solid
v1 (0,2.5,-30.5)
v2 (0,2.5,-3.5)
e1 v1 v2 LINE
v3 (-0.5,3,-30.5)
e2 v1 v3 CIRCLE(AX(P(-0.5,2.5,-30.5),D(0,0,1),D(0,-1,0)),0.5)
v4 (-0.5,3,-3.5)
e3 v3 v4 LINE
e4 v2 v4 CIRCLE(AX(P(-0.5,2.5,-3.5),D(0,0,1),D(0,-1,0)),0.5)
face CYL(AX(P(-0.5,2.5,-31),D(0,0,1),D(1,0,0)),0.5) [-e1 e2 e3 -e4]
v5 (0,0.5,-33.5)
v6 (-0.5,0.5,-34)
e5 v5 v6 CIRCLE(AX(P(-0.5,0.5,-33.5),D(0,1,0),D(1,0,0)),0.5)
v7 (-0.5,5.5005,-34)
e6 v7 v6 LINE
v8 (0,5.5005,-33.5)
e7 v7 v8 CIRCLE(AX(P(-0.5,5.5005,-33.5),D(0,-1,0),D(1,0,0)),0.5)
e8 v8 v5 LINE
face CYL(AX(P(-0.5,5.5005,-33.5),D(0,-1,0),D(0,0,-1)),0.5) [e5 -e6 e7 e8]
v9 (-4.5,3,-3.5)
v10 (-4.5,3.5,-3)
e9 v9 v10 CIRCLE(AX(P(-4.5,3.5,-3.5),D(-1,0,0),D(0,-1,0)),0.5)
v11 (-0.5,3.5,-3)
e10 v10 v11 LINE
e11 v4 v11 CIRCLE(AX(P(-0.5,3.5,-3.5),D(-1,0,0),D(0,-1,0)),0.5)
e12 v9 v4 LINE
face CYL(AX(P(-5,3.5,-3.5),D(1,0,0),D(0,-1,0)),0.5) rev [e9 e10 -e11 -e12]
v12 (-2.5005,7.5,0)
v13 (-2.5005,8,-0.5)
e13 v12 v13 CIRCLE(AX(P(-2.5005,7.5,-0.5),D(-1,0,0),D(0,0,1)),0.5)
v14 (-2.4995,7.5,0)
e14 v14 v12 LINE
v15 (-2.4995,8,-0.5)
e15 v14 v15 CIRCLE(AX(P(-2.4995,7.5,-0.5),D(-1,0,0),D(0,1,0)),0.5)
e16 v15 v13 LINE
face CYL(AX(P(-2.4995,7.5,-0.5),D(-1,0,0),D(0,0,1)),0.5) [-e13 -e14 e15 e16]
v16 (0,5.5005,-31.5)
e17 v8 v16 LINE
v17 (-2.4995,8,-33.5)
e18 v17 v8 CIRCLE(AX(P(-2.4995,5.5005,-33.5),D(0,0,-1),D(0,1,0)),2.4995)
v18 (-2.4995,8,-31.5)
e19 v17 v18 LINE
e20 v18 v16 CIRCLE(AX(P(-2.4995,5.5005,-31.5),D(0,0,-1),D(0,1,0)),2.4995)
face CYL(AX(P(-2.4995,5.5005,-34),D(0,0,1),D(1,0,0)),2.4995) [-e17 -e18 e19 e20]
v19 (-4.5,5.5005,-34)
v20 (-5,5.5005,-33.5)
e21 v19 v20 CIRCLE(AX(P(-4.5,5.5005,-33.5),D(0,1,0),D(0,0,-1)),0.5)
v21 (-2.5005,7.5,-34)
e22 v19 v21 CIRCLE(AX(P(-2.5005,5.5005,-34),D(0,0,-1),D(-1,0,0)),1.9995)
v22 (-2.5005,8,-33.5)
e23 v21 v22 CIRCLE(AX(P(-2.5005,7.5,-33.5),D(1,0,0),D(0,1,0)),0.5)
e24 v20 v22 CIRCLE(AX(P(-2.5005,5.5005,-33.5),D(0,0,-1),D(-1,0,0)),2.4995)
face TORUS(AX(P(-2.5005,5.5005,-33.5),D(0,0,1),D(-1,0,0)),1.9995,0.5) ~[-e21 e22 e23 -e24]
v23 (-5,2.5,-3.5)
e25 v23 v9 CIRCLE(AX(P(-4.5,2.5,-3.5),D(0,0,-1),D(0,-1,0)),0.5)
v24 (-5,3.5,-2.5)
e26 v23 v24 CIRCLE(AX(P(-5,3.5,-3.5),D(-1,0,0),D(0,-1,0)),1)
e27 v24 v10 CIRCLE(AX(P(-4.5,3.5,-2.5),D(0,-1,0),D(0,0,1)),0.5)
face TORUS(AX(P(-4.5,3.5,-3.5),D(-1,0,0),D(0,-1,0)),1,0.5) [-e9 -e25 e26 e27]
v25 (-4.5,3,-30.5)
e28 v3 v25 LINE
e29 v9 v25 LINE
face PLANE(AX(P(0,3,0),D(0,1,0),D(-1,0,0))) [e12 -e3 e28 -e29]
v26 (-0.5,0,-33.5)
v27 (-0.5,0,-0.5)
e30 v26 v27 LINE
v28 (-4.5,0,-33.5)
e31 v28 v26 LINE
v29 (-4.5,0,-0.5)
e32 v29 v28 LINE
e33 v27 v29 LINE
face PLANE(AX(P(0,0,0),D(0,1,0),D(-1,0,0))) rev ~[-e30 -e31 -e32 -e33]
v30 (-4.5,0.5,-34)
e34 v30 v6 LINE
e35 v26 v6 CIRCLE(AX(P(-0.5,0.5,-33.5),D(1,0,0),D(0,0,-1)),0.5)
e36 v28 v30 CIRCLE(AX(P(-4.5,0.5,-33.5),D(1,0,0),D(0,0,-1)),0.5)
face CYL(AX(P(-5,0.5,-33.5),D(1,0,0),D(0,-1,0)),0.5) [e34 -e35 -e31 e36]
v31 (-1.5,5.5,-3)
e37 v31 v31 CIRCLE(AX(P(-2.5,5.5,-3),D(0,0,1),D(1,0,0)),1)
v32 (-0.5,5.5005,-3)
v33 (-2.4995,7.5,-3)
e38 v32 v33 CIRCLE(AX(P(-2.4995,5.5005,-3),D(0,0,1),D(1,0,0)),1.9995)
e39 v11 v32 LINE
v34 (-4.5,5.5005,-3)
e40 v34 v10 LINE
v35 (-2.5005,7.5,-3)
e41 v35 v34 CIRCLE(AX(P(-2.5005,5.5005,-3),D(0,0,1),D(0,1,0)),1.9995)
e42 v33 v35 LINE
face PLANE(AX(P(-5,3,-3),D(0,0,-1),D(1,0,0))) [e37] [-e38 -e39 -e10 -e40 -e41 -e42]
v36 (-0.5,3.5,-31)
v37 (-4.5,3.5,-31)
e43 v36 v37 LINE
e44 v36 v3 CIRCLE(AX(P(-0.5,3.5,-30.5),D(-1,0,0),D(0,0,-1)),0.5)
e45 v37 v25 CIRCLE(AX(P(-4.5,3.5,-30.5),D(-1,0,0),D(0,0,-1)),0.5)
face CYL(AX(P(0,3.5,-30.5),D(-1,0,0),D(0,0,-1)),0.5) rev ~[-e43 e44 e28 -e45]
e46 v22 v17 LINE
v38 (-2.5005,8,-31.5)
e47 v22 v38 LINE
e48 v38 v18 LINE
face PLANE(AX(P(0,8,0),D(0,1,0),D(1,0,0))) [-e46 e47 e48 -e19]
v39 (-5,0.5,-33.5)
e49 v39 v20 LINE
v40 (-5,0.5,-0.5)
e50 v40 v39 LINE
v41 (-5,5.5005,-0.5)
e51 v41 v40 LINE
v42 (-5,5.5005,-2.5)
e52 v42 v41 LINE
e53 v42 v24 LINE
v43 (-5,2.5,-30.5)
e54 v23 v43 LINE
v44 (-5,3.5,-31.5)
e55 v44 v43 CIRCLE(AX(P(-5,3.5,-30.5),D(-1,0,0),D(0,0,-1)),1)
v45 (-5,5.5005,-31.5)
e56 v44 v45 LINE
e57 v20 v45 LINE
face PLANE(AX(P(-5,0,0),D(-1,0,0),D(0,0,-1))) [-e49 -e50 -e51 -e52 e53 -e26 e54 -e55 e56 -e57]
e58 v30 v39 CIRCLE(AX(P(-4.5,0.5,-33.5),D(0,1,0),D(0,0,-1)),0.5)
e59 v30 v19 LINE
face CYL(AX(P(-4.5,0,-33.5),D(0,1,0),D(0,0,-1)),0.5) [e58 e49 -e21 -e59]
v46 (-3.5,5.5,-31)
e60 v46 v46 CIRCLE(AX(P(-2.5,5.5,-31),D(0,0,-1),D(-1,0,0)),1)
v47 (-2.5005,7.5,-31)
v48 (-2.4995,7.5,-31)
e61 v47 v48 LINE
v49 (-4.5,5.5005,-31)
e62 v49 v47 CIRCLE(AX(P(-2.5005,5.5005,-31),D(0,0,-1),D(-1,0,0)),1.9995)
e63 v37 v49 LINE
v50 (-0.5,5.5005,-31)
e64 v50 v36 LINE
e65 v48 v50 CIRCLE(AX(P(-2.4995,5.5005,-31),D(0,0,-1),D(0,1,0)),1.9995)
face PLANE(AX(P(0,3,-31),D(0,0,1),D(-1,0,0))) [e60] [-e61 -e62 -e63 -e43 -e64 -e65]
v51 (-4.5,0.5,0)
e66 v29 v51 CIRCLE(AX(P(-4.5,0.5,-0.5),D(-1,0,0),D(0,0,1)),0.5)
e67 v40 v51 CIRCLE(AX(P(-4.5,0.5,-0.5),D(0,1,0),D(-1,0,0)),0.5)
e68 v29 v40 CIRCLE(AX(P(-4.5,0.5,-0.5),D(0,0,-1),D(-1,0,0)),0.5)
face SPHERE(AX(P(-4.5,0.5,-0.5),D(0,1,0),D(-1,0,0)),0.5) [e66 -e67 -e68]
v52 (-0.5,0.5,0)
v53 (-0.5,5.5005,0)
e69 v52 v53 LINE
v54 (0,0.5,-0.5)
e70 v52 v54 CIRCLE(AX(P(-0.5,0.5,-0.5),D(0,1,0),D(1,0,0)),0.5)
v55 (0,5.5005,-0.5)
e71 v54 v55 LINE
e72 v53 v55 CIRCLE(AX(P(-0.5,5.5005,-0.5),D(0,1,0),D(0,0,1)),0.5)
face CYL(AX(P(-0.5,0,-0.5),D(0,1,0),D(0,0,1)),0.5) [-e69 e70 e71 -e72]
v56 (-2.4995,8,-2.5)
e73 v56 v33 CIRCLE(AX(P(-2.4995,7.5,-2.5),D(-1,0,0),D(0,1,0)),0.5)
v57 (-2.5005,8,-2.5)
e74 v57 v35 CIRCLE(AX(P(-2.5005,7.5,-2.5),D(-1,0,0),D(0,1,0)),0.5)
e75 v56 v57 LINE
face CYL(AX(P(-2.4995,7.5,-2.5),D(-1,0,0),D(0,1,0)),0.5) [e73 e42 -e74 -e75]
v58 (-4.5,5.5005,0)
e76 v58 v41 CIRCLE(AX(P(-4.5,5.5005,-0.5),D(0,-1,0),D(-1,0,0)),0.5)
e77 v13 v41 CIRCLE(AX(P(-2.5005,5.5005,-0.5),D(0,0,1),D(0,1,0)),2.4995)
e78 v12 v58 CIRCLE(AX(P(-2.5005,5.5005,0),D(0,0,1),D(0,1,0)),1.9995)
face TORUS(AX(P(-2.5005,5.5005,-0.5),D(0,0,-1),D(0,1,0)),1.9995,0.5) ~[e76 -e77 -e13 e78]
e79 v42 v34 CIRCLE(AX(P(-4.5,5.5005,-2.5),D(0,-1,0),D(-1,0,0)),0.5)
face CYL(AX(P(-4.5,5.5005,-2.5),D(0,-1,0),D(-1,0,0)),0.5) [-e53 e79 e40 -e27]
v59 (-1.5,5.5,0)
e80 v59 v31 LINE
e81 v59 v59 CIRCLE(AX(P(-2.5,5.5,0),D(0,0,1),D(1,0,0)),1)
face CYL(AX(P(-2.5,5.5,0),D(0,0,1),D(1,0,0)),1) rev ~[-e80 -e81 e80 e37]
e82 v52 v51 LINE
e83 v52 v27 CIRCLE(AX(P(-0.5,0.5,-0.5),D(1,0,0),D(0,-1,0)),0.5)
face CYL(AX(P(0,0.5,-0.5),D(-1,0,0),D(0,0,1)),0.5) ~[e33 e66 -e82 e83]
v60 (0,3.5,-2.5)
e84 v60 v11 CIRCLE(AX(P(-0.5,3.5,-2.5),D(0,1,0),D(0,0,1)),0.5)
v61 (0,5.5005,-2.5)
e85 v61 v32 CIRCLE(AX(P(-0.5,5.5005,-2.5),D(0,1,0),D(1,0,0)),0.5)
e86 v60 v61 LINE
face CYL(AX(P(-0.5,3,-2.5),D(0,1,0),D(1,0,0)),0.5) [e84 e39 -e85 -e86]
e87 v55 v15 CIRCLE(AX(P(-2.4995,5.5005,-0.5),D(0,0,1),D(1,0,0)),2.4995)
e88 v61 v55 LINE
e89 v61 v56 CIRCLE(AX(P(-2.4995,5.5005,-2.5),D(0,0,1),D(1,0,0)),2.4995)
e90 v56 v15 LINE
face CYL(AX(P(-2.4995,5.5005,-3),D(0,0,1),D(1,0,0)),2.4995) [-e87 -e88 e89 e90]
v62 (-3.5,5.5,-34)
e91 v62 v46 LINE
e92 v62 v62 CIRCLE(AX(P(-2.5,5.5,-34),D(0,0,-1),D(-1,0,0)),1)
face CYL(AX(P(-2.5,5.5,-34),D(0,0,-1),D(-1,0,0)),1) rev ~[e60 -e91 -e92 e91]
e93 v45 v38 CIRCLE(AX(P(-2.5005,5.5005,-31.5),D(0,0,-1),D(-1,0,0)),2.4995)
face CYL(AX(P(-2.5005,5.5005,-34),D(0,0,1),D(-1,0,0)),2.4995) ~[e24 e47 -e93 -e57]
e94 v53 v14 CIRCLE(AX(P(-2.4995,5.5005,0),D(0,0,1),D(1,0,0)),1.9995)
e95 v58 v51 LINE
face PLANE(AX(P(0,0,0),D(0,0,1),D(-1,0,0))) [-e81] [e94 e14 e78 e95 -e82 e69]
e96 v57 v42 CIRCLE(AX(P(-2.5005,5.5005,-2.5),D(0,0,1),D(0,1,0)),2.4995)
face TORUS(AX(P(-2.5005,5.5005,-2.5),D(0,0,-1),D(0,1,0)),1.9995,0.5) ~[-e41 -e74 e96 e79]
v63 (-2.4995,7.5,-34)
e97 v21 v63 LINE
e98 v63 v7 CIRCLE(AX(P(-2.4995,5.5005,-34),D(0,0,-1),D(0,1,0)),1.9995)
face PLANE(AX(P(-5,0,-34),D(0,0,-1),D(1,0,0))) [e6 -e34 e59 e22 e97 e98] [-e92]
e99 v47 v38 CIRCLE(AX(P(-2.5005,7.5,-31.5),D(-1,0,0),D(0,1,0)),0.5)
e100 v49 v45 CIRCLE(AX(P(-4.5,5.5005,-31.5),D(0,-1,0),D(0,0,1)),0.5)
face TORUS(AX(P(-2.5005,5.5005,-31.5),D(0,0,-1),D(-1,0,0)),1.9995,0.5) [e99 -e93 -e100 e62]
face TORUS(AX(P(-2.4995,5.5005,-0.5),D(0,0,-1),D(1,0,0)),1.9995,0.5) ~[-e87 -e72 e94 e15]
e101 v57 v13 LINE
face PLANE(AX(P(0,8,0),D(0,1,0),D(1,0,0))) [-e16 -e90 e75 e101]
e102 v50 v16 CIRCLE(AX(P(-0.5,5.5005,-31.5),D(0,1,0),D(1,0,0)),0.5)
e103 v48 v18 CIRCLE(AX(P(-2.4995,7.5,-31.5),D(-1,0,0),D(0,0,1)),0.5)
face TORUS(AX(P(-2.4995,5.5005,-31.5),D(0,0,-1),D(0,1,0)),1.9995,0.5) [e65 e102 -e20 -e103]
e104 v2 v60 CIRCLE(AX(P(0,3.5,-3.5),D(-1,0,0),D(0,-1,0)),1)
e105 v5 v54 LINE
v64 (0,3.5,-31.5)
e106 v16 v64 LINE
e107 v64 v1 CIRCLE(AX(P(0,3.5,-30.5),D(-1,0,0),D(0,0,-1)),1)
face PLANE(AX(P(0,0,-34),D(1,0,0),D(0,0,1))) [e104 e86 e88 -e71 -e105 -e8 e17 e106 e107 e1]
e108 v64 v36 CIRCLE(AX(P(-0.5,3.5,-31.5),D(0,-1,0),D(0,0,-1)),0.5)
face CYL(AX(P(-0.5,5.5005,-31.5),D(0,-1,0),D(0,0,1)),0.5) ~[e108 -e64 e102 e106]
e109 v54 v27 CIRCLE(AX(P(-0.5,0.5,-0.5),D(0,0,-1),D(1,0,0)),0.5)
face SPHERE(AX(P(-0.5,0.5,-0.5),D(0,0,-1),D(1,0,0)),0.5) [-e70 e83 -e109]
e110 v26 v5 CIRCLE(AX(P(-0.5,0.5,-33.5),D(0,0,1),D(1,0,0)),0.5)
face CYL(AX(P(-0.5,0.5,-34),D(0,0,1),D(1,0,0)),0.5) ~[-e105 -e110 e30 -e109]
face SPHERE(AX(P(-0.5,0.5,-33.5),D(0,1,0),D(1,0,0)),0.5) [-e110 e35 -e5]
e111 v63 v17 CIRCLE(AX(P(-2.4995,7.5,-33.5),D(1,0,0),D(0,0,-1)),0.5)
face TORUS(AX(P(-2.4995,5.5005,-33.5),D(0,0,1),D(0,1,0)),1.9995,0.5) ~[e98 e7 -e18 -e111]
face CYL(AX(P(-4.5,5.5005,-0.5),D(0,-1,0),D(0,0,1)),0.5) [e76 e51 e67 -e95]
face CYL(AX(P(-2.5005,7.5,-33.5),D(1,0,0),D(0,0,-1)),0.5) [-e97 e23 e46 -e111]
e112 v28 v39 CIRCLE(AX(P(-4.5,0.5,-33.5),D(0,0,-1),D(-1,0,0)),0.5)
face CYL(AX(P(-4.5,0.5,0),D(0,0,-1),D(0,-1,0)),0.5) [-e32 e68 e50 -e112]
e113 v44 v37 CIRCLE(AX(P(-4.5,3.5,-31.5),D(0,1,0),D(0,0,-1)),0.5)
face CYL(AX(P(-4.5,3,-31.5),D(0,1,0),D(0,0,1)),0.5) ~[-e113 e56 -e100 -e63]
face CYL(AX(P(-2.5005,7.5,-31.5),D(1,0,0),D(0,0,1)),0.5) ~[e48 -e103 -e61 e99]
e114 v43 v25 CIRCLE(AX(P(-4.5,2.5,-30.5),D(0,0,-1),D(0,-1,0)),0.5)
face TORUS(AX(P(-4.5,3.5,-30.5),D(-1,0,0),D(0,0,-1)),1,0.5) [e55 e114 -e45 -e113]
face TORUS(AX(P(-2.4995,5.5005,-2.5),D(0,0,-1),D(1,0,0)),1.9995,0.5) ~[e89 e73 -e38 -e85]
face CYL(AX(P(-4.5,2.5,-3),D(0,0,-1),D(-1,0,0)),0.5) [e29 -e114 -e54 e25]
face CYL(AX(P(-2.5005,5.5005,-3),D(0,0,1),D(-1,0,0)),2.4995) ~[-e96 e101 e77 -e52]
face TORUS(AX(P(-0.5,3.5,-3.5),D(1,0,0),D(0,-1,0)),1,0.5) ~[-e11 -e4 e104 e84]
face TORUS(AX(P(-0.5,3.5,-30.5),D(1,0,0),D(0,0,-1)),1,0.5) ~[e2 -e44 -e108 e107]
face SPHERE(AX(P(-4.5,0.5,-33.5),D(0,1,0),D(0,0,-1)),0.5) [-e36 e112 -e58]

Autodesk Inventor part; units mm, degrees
ref_plane "YZ Plane" through (0, 0, 0) normal (1, 0, 0) x (0, 1, 0)
ref_plane "XZ Plane" through (0, 0, 0) normal (0, 1, 0) x (-1, 0, 0)
ref_plane "XY Plane" through (0, 0, 0) normal (0, 0, 1) x (1, 0, 0)
sketch "Sketch1" plane through (0, 0, 0) normal (0, 1, 0) x (-1, 0, 0)
  line L0 (0, 0) -> (5, 0)
  line L1 (5, 0) -> (5, -34)
  line L2 (5, -34) -> (0, -34)
  line L3 (0, -34) -> (0, 0)
  dimension "d0" = 5
  dimension "d1" = 34
extrude "Extrusion1" add sketch "Sketch1" along normal blind 3
sketch "Sketch2" plane through (0, 3, 0) normal (0, 1, 0) x (1, 0, 0)
  line L0 (-5, 0) -> (0, 0) projected
  line L1 (-5, 34) -> (-5, 0) projected
  line L2 (0, 0) -> (-5, 0)
  line L3 (-5, 0) -> (-5, 3)
  line L4 (-5, 3) -> (0, 3)
  line L5 (0, 3) -> (0, 0)
  line L6 (0, 34) -> (-5, 34) projected
  line L7 (-5, 34) -> (0, 34)
  line L8 (0, 34) -> (0, 31)
  line L9 (0, 31) -> (-5, 31)
  line L10 (-5, 31) -> (-5, 34)
  dimension "d4" = 3
  dimension "d5" = 5
  dimension "d6" = 3
extrude "Extrusion2" add sketch "Sketch2" along normal blind 5
fillet "Fillet1" radius 2.5 4 edges at (0, 8, -1.5) (-5, 8, -1.5) (-5, 8, -32.5) (0, 8, -32.5)
sketch "Sketch3" plane through (-5, 3, -31) normal (0, 0, 1) x (1, 0, 0)
  point P0 (5, -3)
sketch "Sketch4" plane through (-5, 0, 0) normal (0, 0, 1) x (1, 0, 0)
  circle A0 centre (2.5, 5.5) radius 1
  arc A1 (5, 5.5) -> (0, 5.5) centre (2.5, 5.5) ccw projected
  line L0 (5, 0) -> (5, 5.5) projected
  dimension "d10" = 2
  dimension "d11" = 0
  dimension "d12" = 2.5
sketch "Sketch5" plane through (0, 0, -34) normal (0, 0, -1) x (-1, 0, 0)
  circle A0 centre (2.5, 5.5) radius 1
  arc A1 (5, 5.5) -> (0, 5.5) centre (2.5, 5.5) ccw projected
  line L0 (5, 0) -> (5, 5.5) projected
  point P0 (0, 0)
  dimension "d13" = 2
  dimension "d14" = 0
  dimension "d15" = 2.5
extrude "Extrusion3" cut sketch "Sketch5" against normal blind 3
extrude "Extrusion4" cut sketch "Sketch4" against normal blind 3
fillet "Fillet2" radius 0.5 20 edges at (-4.2679, 7.2679, -34) (-5, 2.7503, -34) (0, 2.7503, -34) (-4.2679, 7.2679, -31) (-5, 4.2503, -31) (0, 4.2503, -31) (0, 3, -17) (0, 0, -17) (-2.5, 0, -34) (-0.7321, 7.2679, -3) (-5, 4.2503, -3) (0, 4.2503, -3) (-0.7321, 7.2679, 0) (-5, 2.7503, 0) (0, 2.7503, 0) (-2.5, 3, -3) (-5, 3, -17) (-5, 0, -17) (-2.5, 0, 0) (-2.5, 3, -31)
properties part number "support"
